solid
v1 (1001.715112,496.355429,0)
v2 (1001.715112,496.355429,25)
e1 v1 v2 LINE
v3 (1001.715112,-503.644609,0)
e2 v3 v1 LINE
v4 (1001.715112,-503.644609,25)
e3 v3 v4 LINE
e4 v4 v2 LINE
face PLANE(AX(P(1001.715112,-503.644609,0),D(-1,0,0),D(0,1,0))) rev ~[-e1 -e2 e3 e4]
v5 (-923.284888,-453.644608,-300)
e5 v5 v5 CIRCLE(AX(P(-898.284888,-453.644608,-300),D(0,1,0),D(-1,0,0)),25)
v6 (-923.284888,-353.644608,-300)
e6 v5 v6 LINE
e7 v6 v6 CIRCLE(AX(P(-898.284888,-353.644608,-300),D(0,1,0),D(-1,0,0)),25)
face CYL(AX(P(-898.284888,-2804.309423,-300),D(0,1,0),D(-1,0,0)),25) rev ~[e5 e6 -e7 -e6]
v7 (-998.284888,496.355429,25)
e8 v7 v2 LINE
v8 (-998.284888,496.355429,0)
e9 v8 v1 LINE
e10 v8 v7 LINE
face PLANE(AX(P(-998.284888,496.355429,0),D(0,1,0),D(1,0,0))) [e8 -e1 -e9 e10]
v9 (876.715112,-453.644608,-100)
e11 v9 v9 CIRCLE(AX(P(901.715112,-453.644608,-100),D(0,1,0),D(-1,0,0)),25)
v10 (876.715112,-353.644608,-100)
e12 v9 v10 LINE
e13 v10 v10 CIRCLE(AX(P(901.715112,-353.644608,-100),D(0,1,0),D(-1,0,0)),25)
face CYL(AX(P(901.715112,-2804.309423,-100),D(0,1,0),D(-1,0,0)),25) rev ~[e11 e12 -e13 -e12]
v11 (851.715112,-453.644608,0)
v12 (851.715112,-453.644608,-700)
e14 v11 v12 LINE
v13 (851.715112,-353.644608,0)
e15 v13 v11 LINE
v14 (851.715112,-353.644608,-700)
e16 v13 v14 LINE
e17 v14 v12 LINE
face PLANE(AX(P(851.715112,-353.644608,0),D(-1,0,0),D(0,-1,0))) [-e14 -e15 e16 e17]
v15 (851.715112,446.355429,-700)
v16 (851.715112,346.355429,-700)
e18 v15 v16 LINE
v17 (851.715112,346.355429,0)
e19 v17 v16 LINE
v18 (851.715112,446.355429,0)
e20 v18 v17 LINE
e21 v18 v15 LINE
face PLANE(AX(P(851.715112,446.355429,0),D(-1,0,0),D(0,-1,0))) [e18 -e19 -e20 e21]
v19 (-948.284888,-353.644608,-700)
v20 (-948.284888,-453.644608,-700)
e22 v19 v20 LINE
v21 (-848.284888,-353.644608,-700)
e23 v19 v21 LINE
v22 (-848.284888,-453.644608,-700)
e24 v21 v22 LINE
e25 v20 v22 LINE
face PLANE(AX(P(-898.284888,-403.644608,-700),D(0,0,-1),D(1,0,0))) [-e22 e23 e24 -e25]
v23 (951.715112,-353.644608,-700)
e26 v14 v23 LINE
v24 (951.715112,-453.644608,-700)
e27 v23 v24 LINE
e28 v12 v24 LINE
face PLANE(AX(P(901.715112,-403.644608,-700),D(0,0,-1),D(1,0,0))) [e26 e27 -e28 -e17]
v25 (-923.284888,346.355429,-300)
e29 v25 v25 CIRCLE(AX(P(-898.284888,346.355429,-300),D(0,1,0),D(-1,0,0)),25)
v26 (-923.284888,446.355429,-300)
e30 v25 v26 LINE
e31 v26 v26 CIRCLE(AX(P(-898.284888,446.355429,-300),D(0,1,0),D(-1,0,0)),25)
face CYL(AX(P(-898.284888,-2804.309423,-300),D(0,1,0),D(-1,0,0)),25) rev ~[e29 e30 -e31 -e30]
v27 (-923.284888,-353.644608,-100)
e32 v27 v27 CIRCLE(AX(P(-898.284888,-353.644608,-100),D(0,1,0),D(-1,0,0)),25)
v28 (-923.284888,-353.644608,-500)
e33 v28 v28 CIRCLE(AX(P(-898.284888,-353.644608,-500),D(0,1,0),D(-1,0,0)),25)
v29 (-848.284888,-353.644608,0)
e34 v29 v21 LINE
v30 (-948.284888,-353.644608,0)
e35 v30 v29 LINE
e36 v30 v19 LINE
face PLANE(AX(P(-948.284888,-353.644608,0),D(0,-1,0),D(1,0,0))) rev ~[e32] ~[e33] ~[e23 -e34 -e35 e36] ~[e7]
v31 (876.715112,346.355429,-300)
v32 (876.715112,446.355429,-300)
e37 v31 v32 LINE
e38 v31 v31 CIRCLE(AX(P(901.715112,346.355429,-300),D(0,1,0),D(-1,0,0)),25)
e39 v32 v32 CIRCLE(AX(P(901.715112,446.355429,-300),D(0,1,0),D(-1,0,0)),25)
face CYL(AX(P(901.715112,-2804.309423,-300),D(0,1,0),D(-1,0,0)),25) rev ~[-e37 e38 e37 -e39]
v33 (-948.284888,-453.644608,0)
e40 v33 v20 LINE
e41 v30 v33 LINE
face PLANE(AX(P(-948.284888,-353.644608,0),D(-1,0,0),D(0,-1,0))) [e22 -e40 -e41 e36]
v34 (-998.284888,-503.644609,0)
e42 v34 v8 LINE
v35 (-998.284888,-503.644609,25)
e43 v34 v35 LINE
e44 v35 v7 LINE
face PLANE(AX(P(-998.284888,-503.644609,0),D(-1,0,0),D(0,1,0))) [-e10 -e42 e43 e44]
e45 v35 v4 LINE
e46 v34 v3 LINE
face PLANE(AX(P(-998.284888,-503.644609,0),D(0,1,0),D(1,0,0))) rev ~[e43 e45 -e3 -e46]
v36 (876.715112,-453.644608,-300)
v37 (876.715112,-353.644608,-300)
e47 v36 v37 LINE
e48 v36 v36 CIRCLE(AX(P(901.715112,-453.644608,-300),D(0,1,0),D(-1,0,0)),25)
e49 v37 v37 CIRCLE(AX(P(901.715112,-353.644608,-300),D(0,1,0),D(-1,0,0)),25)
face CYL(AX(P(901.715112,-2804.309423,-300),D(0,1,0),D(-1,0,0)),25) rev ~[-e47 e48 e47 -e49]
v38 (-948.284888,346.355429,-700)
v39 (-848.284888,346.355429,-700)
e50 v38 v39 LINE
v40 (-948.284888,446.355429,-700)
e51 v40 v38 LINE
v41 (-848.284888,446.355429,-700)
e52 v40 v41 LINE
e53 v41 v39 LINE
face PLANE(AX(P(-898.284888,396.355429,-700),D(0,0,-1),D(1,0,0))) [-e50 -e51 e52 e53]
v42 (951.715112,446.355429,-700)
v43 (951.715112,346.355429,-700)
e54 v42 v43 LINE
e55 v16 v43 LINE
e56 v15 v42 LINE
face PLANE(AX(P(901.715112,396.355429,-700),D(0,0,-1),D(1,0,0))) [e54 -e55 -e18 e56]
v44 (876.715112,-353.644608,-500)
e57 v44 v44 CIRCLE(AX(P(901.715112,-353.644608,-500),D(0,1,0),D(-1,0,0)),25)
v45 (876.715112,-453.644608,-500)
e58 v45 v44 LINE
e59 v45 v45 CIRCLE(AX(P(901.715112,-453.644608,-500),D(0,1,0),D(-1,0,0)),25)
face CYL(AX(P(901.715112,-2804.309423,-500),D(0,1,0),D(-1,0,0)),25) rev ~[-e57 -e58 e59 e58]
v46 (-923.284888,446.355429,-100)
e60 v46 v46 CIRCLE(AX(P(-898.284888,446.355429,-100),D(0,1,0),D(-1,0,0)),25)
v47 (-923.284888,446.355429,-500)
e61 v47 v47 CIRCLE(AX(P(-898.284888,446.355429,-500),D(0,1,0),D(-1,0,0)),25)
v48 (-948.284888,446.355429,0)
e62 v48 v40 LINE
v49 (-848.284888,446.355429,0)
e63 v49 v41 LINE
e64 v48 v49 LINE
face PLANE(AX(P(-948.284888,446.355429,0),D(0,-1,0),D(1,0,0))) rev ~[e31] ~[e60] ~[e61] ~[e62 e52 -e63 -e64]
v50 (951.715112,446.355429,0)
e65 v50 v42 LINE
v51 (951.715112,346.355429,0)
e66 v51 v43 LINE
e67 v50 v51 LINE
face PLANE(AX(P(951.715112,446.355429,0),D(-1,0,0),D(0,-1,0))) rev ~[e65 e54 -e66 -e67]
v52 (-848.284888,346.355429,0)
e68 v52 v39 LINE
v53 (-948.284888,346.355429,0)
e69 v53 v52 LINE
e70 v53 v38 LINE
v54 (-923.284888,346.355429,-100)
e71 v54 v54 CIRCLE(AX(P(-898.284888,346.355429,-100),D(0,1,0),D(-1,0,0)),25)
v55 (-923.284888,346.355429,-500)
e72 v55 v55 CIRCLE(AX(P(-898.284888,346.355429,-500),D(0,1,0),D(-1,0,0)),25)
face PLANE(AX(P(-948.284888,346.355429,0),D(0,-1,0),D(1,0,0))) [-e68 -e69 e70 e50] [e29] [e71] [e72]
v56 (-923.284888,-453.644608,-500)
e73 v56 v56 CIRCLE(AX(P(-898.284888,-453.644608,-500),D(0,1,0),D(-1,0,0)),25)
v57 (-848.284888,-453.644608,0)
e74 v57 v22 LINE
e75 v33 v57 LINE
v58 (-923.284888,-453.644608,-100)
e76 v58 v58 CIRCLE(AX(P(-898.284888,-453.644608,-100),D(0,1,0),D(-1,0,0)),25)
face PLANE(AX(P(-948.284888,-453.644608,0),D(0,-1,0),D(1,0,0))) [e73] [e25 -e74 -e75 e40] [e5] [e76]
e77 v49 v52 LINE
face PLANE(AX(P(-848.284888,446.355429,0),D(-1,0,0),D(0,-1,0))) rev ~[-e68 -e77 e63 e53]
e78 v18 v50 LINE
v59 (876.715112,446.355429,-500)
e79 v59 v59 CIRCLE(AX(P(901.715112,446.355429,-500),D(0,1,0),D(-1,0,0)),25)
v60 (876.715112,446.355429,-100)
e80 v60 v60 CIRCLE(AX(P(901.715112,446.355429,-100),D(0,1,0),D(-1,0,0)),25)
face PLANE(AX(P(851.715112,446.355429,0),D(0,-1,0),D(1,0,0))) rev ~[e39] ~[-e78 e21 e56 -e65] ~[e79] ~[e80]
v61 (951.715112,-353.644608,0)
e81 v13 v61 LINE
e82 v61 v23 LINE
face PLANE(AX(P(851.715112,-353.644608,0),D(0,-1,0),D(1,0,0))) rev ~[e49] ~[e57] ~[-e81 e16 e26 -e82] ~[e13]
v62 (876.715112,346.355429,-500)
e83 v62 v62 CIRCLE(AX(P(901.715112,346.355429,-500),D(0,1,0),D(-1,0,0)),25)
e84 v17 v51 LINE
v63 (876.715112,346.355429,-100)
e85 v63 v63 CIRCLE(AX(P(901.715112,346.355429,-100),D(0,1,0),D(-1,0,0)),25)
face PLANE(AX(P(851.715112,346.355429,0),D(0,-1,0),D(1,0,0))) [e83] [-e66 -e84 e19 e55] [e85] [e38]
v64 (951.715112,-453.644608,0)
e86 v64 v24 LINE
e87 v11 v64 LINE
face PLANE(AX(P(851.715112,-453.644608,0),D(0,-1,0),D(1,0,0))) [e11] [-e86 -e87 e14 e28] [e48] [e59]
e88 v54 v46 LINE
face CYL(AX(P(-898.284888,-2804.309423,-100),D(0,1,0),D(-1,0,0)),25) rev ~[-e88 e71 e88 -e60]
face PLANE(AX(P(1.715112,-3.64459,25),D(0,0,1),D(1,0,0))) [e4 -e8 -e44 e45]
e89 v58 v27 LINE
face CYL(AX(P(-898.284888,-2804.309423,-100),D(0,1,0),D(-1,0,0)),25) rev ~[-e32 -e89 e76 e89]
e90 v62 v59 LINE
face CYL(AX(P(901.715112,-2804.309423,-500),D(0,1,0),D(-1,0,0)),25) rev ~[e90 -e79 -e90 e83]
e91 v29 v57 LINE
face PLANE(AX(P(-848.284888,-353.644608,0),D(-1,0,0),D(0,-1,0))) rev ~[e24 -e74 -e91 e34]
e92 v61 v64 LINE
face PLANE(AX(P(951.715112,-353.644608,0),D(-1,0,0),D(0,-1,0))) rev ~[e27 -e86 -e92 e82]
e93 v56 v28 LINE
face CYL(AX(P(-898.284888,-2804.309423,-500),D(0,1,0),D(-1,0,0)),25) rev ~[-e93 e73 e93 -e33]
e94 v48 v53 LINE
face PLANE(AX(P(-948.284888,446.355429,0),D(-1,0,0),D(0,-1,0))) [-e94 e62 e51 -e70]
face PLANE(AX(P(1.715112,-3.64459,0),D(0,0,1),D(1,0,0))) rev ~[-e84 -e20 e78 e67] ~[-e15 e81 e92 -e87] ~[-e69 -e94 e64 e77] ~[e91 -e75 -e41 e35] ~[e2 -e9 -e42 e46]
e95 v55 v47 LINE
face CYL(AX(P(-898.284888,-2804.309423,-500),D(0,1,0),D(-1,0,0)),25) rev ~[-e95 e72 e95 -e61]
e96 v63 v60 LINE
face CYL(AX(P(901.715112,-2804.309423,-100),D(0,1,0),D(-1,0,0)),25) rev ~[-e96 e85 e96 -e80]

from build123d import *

# Parameters (mm, degrees)
F0_W     = 2000
F0_H     = 1000.000037
F1_DEPTH = 25
F2_W     = 100
F2_H     = 100
F3_DEPTH = 700
F5_D     = 50
F7_D     = 50


with BuildPart() as f1:
    # F0 (on Top) → F1 (new body)
    with BuildSketch(Plane.XY):
        with Locations((1.715112, -3.64459)):
            Rectangle(F0_W, F0_H)
    extrude(amount=F1_DEPTH)

    # F2 (on face) → F3 (join)
    with BuildSketch(Plane(origin=(0, 0, 0), x_dir=(1, 0, 0), z_dir=(0, 0, -1))):
        with Locations((-898.284888, -396.355429)):
            Rectangle(F2_W, F2_H)
        with Locations((-898.284888, 403.644608)):
            Rectangle(F2_W, F2_H)
        with Locations((901.715112, 403.644608)):
            Rectangle(F2_W, F2_H)
        with Locations((901.715112, -396.355429)):
            Rectangle(F2_W, F2_H)
    extrude(amount=F3_DEPTH)

    # F5 (through all)
    with Locations(Plane.XZ.offset(453.644608)):
        with Locations((-898.284888, -100), (-898.284888, -300), (-898.284888, -500)):
            Hole(F5_D / 2)

    # F7 (through all)
    with Locations(Plane.XZ.offset(453.644608)):
        with Locations((901.715112, -100), (901.715112, -300), (901.715112, -500)):
            Hole(F7_D / 2)


solid = f1.part
